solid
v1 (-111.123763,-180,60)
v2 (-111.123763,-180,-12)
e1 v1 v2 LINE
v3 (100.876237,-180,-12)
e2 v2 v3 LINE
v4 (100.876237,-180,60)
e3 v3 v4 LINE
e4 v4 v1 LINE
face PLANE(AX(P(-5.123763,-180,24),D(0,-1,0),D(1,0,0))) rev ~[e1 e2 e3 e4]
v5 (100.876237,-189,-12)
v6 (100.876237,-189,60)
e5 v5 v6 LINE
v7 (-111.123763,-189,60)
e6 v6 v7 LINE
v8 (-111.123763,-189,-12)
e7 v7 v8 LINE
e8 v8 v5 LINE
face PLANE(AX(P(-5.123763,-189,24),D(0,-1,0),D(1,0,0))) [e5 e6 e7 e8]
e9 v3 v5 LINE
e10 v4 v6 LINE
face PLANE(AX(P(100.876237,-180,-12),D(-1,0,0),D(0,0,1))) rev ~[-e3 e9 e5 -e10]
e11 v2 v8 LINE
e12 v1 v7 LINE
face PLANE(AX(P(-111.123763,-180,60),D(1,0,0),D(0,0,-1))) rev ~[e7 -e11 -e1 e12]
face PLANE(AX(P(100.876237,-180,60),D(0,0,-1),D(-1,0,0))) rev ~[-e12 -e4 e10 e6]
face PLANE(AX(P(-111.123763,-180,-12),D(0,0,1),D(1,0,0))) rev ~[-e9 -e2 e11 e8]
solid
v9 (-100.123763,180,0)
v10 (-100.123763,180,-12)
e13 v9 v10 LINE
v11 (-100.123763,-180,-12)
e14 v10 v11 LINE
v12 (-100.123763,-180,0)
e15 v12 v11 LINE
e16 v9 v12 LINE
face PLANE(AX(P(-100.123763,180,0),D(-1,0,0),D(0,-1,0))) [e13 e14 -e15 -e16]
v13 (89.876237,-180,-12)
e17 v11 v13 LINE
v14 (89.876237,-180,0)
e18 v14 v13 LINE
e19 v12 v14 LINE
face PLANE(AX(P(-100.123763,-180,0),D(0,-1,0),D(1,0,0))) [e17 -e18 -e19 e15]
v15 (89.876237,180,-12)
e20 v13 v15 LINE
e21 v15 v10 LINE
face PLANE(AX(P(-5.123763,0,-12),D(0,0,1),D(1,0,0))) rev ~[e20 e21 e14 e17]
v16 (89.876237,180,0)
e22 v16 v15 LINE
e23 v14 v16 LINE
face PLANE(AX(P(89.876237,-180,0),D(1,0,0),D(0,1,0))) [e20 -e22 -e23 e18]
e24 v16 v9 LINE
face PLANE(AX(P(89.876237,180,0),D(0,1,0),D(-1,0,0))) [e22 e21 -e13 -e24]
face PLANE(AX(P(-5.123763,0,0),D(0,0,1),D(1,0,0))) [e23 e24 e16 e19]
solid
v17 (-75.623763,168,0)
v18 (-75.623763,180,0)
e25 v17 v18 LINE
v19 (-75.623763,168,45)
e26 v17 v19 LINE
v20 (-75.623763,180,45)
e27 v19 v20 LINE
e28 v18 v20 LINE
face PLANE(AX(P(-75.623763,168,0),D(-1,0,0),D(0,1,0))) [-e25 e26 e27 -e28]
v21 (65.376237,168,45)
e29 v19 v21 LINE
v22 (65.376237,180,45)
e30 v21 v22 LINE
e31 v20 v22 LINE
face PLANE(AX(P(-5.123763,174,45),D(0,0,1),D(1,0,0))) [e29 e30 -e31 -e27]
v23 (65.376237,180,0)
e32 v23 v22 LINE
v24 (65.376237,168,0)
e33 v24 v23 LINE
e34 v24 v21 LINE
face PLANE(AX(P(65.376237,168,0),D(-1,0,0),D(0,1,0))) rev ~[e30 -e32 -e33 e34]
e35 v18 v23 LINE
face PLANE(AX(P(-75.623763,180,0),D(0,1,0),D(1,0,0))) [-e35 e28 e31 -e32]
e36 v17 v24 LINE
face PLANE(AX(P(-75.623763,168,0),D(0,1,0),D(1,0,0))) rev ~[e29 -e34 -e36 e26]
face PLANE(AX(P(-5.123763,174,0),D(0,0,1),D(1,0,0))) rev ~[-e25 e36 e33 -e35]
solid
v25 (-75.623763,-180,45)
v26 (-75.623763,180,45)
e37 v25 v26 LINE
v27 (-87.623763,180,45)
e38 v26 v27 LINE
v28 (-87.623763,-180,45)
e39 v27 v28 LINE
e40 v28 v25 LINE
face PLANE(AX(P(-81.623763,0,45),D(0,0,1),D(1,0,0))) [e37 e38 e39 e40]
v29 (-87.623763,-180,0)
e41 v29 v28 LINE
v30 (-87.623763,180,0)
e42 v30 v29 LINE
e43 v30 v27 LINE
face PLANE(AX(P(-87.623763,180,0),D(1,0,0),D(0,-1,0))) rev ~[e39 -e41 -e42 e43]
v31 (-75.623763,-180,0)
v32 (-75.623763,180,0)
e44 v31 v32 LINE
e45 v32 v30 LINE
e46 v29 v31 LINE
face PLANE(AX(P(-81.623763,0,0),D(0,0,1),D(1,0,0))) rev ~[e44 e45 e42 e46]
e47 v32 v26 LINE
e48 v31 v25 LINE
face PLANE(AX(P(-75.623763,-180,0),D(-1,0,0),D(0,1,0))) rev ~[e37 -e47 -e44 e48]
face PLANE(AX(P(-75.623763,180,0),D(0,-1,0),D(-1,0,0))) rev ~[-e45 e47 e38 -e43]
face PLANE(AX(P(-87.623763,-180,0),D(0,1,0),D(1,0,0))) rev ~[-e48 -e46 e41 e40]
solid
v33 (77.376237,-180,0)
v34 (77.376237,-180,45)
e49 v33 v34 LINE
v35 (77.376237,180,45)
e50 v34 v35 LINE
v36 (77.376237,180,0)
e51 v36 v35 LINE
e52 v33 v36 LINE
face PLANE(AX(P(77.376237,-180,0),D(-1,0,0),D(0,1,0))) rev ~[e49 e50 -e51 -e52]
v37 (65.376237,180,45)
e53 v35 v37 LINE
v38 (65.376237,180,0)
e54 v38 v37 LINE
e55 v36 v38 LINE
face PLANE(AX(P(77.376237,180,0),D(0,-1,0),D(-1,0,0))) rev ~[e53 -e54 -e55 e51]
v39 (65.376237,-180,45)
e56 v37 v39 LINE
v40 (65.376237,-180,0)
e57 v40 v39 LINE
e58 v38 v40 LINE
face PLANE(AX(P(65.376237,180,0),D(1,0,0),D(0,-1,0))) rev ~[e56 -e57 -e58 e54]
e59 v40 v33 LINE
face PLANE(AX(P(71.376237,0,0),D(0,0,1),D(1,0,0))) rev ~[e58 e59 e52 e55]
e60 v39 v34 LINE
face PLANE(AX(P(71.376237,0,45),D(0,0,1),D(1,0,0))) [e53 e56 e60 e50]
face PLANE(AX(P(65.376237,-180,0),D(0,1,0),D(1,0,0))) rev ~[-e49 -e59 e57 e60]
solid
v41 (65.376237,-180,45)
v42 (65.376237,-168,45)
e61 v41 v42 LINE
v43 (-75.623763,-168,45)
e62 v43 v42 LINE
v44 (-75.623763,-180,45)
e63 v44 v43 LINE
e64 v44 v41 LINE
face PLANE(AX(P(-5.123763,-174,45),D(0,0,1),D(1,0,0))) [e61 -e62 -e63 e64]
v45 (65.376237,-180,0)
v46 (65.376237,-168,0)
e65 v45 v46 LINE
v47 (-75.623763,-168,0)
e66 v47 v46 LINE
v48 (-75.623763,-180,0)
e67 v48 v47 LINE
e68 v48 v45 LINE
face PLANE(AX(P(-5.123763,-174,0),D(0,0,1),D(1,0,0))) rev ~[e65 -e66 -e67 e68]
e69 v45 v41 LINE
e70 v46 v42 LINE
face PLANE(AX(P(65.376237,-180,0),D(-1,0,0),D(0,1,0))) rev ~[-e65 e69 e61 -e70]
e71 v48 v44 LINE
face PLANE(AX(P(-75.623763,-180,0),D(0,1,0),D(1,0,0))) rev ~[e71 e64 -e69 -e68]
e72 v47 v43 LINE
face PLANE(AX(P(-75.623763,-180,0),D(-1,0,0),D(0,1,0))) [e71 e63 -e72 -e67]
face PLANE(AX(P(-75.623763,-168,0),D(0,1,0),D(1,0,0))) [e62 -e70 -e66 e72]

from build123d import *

# Parameters (mm, degrees)
F1_DEPTH = 45
F0_W     = 141
F0_H     = 12
F2_DEPTH = 45
F4_DEPTH = 12
F6_DEPTH = 9


with BuildPart() as f1:
    # F0 (on Top) → F1 (new body)
    with BuildSketch(Plane.XY):
        Polygon((65.376237, -180), (77.376237, -180), (77.376237, 180), (65.376237, 180), (65.376237, 168), (65.376237, -168), align=None)
        Polygon((-87.623763, -180), (-75.623763, -180), (-75.623763, -168), (-75.623763, 168), (-75.623763, 180), (-87.623763, 180), align=None)
    extrude(amount=F1_DEPTH)


with BuildPart() as f2:
    # F0 (on Top) → F2 (new body)
    with BuildSketch(Plane.XY):
        with Locations((-5.123763, 174)):
            Rectangle(F0_W, F0_H)
        with Locations((-5.123763, -174)):
            Rectangle(F0_W, F0_H)
    extrude(amount=F2_DEPTH)


with BuildPart() as f4:
    # F3 (on face) → F4 (new body)
    with BuildSketch(Plane.XY):
        Polygon((-87.623763, -180), (77.376237, -180), (89.876237, -180), (89.876237, 180), (77.376237, 180), (-87.623763, 180), (-100.123763, 180), (-100.123763, -180), align=None)
    extrude(amount=-F4_DEPTH)


with BuildPart() as f6:
    # F5 (on face) → F6 (new body)
    with BuildSketch(Plane.XZ.offset(180)):
        Polygon((-100.123763, -12), (89.876237, -12), (100.876237, -12), (100.876237, 60), (-111.123763, 60), (-111.123763, -12), align=None)
    extrude(amount=F6_DEPTH)


solid = Compound([f1.part, f2.part, f4.part, f6.part])
